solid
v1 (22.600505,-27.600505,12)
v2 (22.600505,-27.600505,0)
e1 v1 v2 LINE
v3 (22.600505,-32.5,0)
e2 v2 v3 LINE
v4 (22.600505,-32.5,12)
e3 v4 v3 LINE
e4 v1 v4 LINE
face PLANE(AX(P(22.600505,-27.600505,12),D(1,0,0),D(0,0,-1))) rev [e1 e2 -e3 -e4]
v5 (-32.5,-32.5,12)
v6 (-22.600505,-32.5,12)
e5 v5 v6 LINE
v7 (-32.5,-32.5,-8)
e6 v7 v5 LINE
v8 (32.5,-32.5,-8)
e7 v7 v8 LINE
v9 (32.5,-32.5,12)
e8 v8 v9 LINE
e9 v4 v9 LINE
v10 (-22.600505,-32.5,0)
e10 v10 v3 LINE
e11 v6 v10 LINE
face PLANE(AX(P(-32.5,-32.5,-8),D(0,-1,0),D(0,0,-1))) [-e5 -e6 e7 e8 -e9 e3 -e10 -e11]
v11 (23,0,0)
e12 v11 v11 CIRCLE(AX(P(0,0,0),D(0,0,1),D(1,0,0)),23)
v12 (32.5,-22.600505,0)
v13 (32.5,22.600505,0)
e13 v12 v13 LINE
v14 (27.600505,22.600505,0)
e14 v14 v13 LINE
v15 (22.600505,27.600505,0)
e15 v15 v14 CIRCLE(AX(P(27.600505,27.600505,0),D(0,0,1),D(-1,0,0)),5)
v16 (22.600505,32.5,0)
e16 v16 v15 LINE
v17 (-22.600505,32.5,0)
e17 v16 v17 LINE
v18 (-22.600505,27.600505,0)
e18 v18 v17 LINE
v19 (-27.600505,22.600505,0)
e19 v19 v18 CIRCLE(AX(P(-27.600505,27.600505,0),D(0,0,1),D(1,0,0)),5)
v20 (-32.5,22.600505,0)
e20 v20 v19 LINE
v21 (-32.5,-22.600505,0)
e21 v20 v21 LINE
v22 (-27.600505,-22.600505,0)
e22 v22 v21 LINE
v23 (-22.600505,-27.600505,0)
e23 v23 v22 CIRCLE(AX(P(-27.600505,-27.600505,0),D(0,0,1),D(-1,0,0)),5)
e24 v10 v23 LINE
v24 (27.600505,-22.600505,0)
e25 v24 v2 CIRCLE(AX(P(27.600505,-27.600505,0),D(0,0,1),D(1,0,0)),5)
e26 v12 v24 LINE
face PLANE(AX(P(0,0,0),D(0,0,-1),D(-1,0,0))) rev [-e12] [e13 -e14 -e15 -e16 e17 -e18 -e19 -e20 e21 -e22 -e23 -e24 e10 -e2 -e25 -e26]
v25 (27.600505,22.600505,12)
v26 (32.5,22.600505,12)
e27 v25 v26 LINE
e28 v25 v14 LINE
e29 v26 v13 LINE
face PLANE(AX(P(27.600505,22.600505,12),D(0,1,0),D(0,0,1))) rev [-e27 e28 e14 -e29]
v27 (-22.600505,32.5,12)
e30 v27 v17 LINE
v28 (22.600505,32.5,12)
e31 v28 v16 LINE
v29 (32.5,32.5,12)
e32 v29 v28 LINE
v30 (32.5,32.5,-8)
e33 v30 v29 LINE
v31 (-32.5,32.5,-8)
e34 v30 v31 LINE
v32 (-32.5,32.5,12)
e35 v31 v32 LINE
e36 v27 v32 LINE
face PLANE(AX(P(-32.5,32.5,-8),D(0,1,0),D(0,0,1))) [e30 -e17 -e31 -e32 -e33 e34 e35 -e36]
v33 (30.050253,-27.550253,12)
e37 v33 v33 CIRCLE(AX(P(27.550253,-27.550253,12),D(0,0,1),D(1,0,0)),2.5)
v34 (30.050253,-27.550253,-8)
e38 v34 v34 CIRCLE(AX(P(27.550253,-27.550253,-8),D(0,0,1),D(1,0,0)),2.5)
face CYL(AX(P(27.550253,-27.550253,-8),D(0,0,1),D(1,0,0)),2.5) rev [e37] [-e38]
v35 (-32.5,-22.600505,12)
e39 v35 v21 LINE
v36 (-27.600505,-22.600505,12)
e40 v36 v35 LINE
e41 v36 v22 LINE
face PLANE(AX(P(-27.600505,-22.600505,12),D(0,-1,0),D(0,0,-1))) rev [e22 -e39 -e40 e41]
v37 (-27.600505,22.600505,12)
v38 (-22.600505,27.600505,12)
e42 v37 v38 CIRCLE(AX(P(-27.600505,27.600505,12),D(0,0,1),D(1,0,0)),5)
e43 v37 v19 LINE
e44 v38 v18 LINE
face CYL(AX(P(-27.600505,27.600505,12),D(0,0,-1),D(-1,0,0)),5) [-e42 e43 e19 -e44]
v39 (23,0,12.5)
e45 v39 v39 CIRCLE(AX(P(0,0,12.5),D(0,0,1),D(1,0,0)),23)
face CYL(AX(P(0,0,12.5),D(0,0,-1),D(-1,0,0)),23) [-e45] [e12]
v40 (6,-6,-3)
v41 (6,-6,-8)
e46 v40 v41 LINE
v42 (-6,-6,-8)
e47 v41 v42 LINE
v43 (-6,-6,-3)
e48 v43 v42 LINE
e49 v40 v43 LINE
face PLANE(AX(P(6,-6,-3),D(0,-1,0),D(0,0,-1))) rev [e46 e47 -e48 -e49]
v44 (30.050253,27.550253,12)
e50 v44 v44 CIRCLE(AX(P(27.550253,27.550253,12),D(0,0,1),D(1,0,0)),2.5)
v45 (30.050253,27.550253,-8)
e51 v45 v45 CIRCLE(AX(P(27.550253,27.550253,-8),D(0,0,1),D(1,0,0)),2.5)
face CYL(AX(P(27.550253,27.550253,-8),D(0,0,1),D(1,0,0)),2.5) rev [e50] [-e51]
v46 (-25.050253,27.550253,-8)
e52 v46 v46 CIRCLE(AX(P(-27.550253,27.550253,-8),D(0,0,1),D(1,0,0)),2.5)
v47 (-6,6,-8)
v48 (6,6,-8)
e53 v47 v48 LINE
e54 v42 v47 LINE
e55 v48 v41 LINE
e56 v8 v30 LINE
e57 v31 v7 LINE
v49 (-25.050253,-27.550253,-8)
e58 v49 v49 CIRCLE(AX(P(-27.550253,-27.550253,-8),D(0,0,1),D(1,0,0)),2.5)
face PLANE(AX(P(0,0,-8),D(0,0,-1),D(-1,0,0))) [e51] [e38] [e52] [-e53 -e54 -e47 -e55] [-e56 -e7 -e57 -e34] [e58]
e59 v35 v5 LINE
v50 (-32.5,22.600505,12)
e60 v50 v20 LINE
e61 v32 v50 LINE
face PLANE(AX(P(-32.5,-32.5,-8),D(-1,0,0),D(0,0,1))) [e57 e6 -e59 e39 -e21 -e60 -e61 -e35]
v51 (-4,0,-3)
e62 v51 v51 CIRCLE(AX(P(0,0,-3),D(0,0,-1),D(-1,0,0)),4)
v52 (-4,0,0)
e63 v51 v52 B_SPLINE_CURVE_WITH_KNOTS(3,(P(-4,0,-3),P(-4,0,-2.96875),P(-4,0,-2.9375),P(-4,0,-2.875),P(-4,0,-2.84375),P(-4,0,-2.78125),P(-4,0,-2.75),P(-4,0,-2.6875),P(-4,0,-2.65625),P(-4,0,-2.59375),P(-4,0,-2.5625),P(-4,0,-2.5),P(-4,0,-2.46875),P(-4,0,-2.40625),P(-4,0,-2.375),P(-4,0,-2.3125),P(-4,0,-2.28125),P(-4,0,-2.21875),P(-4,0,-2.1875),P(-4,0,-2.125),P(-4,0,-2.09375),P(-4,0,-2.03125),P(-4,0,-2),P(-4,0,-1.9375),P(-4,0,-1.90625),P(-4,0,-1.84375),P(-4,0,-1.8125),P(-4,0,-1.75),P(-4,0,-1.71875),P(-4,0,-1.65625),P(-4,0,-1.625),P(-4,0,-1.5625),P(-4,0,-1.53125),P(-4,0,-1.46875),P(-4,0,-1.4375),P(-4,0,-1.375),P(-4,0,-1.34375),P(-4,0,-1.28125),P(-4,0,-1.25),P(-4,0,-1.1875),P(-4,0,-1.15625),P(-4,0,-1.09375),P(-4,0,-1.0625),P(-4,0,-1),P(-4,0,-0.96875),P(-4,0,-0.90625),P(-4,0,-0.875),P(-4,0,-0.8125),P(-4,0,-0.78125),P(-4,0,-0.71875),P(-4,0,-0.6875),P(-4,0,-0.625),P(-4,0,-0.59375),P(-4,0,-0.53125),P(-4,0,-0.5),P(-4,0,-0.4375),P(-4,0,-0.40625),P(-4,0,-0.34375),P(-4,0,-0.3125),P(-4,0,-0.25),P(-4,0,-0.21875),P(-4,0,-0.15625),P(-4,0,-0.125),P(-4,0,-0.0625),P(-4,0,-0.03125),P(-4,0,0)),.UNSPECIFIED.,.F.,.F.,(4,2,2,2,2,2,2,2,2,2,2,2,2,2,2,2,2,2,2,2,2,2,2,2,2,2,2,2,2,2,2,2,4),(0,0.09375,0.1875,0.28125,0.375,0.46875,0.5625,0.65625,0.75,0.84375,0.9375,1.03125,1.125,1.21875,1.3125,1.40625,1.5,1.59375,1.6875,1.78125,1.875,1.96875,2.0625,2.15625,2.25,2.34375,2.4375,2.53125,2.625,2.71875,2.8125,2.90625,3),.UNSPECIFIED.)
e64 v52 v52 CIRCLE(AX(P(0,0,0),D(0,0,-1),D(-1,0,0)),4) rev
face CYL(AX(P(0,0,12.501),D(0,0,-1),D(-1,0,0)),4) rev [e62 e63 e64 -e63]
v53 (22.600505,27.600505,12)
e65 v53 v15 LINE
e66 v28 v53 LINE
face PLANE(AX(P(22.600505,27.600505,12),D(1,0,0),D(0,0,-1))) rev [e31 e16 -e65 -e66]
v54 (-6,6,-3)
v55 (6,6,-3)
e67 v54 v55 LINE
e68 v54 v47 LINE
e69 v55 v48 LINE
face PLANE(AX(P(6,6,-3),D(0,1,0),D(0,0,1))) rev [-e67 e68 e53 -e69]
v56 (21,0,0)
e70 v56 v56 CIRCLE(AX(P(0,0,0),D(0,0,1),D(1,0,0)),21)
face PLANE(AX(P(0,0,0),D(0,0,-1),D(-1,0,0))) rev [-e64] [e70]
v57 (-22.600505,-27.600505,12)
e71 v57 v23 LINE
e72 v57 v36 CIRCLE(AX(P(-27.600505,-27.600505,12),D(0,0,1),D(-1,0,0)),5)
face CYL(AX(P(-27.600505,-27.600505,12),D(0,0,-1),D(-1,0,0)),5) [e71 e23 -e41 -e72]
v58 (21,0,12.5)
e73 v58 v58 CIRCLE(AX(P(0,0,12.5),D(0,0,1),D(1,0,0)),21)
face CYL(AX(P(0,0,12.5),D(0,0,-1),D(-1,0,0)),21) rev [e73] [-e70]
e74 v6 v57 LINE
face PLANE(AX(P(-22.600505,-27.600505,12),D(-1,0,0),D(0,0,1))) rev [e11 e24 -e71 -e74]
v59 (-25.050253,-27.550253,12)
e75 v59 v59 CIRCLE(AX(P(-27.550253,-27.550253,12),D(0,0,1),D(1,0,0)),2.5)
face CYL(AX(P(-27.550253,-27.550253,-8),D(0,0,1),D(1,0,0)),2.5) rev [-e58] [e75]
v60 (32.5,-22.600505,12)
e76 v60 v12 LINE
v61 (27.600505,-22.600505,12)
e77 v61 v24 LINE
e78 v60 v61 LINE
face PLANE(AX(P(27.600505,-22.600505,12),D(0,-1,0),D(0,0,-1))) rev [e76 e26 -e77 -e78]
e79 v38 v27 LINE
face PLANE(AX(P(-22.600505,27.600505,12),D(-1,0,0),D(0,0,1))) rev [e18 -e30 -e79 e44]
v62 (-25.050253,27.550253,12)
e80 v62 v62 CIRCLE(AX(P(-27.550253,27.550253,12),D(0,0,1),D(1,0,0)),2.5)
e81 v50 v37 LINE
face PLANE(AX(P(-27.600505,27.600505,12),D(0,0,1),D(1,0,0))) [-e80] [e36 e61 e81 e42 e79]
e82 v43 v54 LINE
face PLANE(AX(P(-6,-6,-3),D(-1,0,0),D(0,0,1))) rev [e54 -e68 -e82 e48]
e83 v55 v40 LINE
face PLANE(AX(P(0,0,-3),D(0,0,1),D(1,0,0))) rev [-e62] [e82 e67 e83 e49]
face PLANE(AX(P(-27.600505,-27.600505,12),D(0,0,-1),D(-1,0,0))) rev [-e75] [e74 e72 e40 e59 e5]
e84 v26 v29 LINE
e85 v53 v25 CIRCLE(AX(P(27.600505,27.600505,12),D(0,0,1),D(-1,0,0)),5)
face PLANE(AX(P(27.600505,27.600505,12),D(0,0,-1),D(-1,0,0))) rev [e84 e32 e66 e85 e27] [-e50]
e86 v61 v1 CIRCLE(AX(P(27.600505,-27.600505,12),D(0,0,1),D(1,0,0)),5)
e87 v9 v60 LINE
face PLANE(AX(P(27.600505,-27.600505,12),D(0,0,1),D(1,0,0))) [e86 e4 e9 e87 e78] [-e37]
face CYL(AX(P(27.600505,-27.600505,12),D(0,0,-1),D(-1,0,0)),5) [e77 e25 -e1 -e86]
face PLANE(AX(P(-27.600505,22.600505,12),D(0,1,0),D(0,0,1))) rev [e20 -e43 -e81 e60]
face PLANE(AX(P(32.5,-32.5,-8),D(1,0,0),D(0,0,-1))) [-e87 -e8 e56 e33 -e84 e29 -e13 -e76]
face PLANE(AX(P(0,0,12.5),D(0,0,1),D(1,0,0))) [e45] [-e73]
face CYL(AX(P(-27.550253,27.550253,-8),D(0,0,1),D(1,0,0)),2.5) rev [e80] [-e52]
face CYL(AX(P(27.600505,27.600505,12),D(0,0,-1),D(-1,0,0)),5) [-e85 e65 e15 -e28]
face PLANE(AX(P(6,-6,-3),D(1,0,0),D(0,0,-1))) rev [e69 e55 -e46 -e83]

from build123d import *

# Parameters (mm, degrees)
CROQUIS1_R              = 23
CROQUIS1_R_2            = 21
SALIENTE_EXTRUIR1_DEPTH = 12.5
CROQUIS2_W              = 65
CROQUIS2_H              = 65
CROQUIS2_R              = 2.5
SALIENTE_EXTRUIR2_DEPTH = 8
CROQUIS3_W              = 12
CROQUIS3_H              = 12
CORTAR_EXTRUIR1_DEPTH   = 5
CORTAR_EXTRUIR2_REACH   = 50.505
CROQUIS4_R              = 4
SALIENTE_EXTRUIR3_START = 12
CROQUIS5_R              = 2.5
SALIENTE_EXTRUIR3_DEPTH = 12


with BuildPart() as part:
    # Croquis1 → Saliente-Extruir1 (new body)
    with BuildSketch(Plane.XY):
        Circle(CROQUIS1_R)
        Circle(CROQUIS1_R_2, mode=Mode.SUBTRACT)
    extrude(amount=SALIENTE_EXTRUIR1_DEPTH)

    # Croquis2 → Saliente-Extruir2 (add)
    with BuildSketch(Plane.XY):
        Rectangle(CROQUIS2_W, CROQUIS2_H)
        with Locations((-27.550252532, 27.550252532)):
            Circle(CROQUIS2_R, mode=Mode.SUBTRACT)
        with Locations((27.550252532, 27.550252532)):
            Circle(CROQUIS2_R, mode=Mode.SUBTRACT)
        with Locations((-27.550252532, -27.550252532)):
            Circle(CROQUIS2_R, mode=Mode.SUBTRACT)
        with Locations((27.550252532, -27.550252532)):
            Circle(CROQUIS2_R, mode=Mode.SUBTRACT)
    extrude(amount=-SALIENTE_EXTRUIR2_DEPTH)

    # Croquis3 → Cortar-Extruir1 (cut)
    with BuildSketch(Plane(origin=(0, 0, -8), x_dir=(-1, 0, 0), z_dir=(0, 0, -1))):
        Rectangle(CROQUIS3_W, CROQUIS3_H)
    extrude(amount=-CORTAR_EXTRUIR1_DEPTH, mode=Mode.SUBTRACT)

    # Croquis4 → Cortar-Extruir2 (cut, up to next)
    with BuildSketch(Plane(origin=(0, 0, -3), x_dir=(-1, 0, 0), z_dir=(0, 0, -1)), mode=Mode.PRIVATE) as cortar_extruir2_sk1:
        Circle(CROQUIS4_R)
    cortar_extruir2_tool1 = extrude(cortar_extruir2_sk1.sketch, amount=-CORTAR_EXTRUIR2_REACH, mode=Mode.PRIVATE) & part.part
    add(cortar_extruir2_tool1.solids().sort_by_distance((0, 0, -3))[0], mode=Mode.SUBTRACT)

    # Croquis5 → Saliente-Extruir3 (add)
    # profile 1 of 4: a face of its own
    with BuildSketch(Plane.XY.offset(SALIENTE_EXTRUIR3_START)):
        with BuildLine():
            Line((27.600505063, 22.600505063), (32.5, 22.600505063))
            Line((32.5, 22.600505063), (32.5, 32.5))
            Line((32.5, 32.5), (22.600505063, 32.5))
            Line((22.600505063, 32.5), (22.600505063, 27.600505063))
            ThreePointArc((22.600505063, 27.600505063), (24.064971157, 24.064971157), (27.600505063, 22.600505063))
        make_face()
        with Locations((27.550252532, 27.550252532)):
            Circle(CROQUIS5_R, mode=Mode.SUBTRACT)
    # profile 2 of 4: a face of its own
    with BuildSketch(Plane.XY.offset(SALIENTE_EXTRUIR3_START)):
        with BuildLine():
            Line((-27.600505063, 22.600505063), (-32.5, 22.600505063))
            Line((-32.5, 22.600505063), (-32.5, 32.5))
            Line((-32.5, 32.5), (-22.600505063, 32.5))
            Line((-22.600505063, 32.5), (-22.600505063, 27.600505063))
            ThreePointArc((-22.600505063, 27.600505063), (-24.064971157, 24.064971157), (-27.600505063, 22.600505063))
        make_face()
        with Locations((-27.550252532, 27.550252532)):
            Circle(CROQUIS5_R, mode=Mode.SUBTRACT)
    # profile 3 of 4: a face of its own
    with BuildSketch(Plane.XY.offset(SALIENTE_EXTRUIR3_START)):
        with BuildLine():
            Line((-27.600505063, -22.600505063), (-32.5, -22.600505063))
            Line((-32.5, -22.600505063), (-32.5, -32.5))
            Line((-32.5, -32.5), (-22.600505063, -32.5))
            Line((-22.600505063, -32.5), (-22.600505063, -27.600505063))
            ThreePointArc((-22.600505063, -27.600505063), (-24.064971157, -24.064971157), (-27.600505063, -22.600505063))
        make_face()
        with Locations((-27.550252532, -27.550252532)):
            Circle(CROQUIS5_R, mode=Mode.SUBTRACT)
    # profile 4 of 4: a face of its own
    with BuildSketch(Plane.XY.offset(SALIENTE_EXTRUIR3_START)):
        with BuildLine():
            Line((27.600505063, -22.600505063), (32.5, -22.600505063))
            Line((32.5, -22.600505063), (32.5, -32.5))
            Line((32.5, -32.5), (22.600505063, -32.5))
            Line((22.600505063, -32.5), (22.600505063, -27.600505063))
            ThreePointArc((22.600505063, -27.600505063), (24.064971157, -24.064971157), (27.600505063, -22.600505063))
        make_face()
        with Locations((27.550252532, -27.550252532)):
            Circle(CROQUIS5_R, mode=Mode.SUBTRACT)
    extrude(amount=-SALIENTE_EXTRUIR3_DEPTH)


solid = part.part
